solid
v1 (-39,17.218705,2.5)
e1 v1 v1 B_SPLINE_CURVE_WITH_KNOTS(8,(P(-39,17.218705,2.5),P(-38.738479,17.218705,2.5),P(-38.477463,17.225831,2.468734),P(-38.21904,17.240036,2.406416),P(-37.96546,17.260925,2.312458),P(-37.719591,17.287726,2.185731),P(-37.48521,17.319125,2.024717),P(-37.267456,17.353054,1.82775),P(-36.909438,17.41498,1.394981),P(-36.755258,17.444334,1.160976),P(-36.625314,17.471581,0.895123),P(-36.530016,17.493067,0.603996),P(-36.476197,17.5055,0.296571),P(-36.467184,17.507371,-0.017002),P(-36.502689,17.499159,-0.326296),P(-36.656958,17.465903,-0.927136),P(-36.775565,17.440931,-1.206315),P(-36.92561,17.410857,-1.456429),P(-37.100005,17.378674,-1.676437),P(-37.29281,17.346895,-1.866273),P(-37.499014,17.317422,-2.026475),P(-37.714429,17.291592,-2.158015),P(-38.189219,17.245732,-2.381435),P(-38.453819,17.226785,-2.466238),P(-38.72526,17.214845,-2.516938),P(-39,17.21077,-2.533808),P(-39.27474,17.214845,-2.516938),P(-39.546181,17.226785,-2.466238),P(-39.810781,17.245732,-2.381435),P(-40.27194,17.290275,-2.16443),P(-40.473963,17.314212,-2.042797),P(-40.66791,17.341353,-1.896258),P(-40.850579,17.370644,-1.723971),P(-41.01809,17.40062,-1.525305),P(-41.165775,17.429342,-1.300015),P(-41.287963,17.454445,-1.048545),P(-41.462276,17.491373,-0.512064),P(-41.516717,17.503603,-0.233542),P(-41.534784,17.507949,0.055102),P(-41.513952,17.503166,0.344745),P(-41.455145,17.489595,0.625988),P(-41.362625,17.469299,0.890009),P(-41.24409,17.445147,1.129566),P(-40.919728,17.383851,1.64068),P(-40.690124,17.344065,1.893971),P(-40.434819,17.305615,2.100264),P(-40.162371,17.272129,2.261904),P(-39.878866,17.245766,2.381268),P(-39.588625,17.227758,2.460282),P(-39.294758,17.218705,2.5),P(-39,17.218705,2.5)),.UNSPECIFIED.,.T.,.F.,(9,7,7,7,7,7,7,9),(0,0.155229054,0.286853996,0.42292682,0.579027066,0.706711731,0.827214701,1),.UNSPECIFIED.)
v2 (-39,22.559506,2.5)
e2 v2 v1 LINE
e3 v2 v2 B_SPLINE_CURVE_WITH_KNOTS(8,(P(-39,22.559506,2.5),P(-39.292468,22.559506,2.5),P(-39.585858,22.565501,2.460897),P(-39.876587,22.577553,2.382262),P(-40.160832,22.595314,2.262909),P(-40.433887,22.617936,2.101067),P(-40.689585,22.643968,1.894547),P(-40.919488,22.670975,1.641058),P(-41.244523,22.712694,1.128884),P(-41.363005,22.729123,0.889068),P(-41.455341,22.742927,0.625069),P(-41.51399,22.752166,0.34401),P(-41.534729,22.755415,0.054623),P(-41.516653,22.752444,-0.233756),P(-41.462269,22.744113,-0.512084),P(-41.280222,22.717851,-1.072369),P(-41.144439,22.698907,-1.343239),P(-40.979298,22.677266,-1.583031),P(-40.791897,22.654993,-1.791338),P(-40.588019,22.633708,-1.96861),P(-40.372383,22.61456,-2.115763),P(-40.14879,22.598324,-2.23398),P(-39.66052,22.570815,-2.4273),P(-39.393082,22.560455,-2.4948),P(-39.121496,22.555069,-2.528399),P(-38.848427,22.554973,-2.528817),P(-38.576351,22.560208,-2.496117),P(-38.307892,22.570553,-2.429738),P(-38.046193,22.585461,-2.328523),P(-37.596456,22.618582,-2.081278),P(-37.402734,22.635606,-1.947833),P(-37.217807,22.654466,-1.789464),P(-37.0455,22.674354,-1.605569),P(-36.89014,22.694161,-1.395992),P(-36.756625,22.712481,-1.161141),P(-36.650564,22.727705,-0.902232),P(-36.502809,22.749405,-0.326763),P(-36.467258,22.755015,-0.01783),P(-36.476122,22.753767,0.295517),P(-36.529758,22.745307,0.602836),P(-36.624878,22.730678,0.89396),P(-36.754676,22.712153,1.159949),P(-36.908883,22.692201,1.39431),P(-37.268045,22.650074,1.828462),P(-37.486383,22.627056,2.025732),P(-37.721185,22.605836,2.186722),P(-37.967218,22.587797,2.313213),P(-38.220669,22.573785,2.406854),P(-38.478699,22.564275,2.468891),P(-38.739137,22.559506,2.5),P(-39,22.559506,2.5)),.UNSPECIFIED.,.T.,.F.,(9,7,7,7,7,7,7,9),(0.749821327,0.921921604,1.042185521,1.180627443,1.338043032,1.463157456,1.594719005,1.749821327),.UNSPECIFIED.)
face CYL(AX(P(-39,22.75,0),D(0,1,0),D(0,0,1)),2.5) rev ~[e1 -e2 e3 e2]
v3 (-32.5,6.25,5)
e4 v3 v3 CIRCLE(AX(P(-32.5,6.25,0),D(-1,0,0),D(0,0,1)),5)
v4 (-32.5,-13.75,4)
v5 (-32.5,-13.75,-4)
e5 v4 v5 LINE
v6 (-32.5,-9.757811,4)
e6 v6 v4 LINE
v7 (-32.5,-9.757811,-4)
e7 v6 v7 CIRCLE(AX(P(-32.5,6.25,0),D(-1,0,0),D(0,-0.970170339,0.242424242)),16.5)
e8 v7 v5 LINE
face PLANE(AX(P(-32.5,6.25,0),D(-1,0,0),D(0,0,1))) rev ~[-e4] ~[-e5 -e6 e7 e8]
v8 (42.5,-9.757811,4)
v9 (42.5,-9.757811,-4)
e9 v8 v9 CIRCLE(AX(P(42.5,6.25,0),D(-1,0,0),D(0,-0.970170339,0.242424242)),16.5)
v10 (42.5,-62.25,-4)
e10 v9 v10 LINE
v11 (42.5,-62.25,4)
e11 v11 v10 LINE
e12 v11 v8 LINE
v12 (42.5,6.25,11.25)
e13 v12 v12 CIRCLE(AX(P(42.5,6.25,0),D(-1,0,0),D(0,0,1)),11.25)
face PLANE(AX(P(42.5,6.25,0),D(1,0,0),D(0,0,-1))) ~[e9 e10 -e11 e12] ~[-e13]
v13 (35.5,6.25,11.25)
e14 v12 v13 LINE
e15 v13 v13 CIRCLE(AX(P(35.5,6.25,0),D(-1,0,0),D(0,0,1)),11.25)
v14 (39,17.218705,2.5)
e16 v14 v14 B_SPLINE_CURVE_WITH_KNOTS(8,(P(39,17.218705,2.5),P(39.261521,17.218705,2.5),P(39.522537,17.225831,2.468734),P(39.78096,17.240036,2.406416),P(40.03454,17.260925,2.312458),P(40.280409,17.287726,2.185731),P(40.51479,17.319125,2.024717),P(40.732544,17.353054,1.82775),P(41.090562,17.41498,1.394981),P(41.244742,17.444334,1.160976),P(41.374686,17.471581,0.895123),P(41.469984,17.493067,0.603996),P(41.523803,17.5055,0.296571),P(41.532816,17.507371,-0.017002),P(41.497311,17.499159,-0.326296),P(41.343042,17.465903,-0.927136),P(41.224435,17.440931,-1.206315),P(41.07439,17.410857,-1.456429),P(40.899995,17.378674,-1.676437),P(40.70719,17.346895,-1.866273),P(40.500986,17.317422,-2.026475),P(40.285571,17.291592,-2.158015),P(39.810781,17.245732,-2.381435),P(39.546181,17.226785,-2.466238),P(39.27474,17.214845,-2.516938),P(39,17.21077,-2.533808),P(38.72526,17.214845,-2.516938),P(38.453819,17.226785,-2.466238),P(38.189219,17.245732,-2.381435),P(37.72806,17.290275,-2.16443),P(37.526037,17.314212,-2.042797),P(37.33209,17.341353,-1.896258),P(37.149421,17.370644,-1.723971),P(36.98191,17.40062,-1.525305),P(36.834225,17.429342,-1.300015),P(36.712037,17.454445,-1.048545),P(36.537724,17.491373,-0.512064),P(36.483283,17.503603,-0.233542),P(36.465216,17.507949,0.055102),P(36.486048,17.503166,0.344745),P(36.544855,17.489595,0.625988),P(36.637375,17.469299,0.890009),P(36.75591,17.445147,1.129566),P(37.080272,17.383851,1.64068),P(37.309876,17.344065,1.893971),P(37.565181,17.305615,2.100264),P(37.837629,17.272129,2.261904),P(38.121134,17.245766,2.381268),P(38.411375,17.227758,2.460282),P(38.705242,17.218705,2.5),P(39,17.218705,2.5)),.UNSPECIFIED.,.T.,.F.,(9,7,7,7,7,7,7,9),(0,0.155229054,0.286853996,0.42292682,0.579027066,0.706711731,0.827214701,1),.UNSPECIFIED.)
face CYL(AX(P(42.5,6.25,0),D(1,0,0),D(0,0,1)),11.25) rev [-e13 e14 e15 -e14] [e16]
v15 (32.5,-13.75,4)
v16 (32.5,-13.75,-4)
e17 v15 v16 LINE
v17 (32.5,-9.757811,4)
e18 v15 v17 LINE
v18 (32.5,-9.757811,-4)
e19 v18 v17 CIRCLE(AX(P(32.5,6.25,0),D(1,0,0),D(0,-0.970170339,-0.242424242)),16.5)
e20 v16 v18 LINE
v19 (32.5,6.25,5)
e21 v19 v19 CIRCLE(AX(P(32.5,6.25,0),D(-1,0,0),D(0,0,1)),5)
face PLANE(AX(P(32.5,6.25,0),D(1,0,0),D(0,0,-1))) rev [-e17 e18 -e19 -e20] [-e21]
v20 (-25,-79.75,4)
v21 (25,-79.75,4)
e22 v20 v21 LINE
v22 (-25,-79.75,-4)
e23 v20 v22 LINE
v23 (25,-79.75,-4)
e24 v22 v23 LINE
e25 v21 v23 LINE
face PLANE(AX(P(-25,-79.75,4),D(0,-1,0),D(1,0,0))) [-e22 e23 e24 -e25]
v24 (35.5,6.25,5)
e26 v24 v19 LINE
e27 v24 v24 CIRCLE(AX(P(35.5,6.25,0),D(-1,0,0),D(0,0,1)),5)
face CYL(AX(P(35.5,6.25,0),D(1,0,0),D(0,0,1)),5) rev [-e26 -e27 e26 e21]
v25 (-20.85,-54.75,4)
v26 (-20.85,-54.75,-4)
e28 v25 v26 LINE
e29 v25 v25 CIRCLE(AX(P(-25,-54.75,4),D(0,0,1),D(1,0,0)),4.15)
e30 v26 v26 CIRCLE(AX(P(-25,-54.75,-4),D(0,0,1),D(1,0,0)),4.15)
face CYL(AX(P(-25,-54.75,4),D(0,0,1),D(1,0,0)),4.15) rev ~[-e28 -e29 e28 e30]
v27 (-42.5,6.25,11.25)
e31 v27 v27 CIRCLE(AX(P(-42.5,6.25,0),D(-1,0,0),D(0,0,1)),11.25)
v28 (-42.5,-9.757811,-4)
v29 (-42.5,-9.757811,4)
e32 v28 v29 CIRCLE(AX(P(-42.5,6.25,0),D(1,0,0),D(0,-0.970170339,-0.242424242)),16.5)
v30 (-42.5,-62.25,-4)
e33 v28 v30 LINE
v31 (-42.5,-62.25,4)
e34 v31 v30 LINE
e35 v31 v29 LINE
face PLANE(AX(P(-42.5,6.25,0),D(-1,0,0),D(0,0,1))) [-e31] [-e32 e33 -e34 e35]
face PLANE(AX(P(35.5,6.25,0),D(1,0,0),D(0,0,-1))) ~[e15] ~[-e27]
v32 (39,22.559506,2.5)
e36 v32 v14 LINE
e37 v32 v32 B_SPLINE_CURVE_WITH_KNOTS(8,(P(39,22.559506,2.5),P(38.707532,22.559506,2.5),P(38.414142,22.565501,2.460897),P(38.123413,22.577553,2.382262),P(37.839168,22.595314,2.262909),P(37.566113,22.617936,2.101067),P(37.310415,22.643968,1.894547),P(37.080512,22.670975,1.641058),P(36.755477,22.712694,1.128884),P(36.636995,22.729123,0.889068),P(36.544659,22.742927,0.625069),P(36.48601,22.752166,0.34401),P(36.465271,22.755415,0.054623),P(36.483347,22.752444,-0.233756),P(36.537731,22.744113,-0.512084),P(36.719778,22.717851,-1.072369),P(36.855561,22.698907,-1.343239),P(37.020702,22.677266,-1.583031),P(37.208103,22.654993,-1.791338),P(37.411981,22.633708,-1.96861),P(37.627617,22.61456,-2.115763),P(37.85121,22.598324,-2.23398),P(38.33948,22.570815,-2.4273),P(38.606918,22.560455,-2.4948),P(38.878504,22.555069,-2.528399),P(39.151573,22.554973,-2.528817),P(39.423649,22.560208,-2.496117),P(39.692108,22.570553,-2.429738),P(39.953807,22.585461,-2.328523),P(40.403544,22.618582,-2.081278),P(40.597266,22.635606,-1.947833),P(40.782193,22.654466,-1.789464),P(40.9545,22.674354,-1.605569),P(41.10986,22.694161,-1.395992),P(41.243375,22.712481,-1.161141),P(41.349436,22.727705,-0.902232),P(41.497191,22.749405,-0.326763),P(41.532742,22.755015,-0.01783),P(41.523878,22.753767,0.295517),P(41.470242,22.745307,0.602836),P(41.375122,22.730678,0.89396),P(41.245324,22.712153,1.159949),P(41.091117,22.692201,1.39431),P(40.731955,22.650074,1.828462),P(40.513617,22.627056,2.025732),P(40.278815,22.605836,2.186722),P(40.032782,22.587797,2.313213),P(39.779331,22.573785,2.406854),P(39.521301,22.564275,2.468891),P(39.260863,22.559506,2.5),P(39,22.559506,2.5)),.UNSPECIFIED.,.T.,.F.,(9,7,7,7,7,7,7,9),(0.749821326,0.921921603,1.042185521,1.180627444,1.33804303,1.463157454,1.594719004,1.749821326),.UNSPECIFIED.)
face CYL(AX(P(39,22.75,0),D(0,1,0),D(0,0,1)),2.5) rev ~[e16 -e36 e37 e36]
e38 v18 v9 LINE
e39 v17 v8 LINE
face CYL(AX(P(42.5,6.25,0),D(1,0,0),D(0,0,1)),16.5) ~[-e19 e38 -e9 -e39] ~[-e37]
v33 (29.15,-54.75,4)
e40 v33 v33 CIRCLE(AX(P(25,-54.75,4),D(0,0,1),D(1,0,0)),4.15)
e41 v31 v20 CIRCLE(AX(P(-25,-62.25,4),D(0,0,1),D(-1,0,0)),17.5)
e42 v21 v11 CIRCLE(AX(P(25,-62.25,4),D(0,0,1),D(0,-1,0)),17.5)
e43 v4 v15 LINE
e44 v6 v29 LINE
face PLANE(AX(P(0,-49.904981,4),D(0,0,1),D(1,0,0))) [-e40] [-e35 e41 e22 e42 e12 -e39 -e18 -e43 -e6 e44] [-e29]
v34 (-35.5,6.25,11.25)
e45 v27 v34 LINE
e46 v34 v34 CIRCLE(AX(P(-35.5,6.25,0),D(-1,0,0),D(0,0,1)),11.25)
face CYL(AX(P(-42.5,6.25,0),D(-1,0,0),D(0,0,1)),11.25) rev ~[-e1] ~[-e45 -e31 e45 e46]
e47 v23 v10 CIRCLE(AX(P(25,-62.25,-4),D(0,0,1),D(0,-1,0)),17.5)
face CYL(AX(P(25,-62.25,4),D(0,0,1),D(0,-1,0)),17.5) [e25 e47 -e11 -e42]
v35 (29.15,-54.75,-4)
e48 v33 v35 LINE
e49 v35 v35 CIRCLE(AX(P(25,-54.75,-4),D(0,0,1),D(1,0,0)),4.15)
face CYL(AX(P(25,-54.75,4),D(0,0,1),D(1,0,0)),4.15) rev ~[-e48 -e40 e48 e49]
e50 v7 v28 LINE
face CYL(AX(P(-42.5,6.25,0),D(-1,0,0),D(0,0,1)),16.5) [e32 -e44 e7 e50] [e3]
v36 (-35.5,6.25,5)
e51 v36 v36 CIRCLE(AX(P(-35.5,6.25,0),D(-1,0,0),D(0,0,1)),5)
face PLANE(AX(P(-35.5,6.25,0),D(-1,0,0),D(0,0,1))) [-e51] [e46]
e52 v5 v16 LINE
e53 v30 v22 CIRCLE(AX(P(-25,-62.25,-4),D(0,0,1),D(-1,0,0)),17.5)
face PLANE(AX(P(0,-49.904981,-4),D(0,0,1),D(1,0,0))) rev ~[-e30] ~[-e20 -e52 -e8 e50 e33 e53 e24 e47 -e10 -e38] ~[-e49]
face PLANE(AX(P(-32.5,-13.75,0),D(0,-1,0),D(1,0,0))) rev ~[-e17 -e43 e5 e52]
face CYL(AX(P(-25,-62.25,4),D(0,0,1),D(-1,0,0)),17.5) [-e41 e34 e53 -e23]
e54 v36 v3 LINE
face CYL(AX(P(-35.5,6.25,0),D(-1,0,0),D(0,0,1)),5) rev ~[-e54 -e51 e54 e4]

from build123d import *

# Parameters (mm, degrees)
BOSS_EXTRUDE1_DEPTH = 4
SKETCH7_R           = 4.15
BOSS_EXTRUDE3_DEPTH = 8
SKETCH8_R           = 16.5
BOSS_EXTRUDE4_DEPTH = 10
SKETCH9_R           = 11.25
CUT_EXTRUDE1_DEPTH  = 7
SKETCH10_R          = 5
CUT_EXTRUDE2_DEPTH  = 3
SKETCH11_R          = 2.5
CUT_EXTRUDE3_DEPTH  = 10


with BuildPart() as part:
    # Sketch2 → Boss-Extrude1 (new, symmetric)
    with BuildSketch(Plane.XY):
        Polygon((-42.5, 13.75), (-32.5, 13.75), (-32.5, -13.75), (32.5, -13.75), (32.5, 13.75), (42.5, 13.75), (42.5, -23.75), (-42.5, -23.75), align=None)
    extrude(amount=BOSS_EXTRUDE1_DEPTH, both=True)

    # Sketch7 → Boss-Extrude3 (add)
    with BuildSketch(Plane.XY.offset(4)):
        with BuildLine():
            Line((-42.5, -23.75), (-42.5, -62.25))
            ThreePointArc((-42.5, -62.25), (-37.374368671, -74.624368671), (-25, -79.75))
            Line((-25, -79.75), (25, -79.75))
            ThreePointArc((25, -79.75), (37.374368671, -74.624368671), (42.5, -62.25))
            Line((42.5, -62.25), (42.5, -23.75))
            Line((42.5, -23.75), (-42.5, -23.75))
        make_face()
        with Locations((-25, -54.75)):
            Circle(SKETCH7_R, mode=Mode.SUBTRACT)
        with Locations((25, -54.75)):
            Circle(SKETCH7_R, mode=Mode.SUBTRACT)
    extrude(amount=-BOSS_EXTRUDE3_DEPTH)

    # Sketch8 → Boss-Extrude4 (add)
    with BuildSketch(Plane.ZY.offset(42.5)):
        with Locations((0, 6.25)):
            Circle(SKETCH8_R)
    boss_extrude4 = extrude(amount=-BOSS_EXTRUDE4_DEPTH)

    # Sketch9 → Cut-Extrude1 (cut)
    with BuildSketch(Plane.ZY.offset(42.5)):
        with Locations((0, 6.25)):
            Circle(SKETCH9_R)
    cut_extrude1 = extrude(amount=-CUT_EXTRUDE1_DEPTH, mode=Mode.SUBTRACT)

    # Sketch10 → Cut-Extrude2 (cut)
    with BuildSketch(Plane.ZY.offset(35.5)):
        with Locations((0, 6.25)):
            Circle(SKETCH10_R)
    cut_extrude2 = extrude(amount=-CUT_EXTRUDE2_DEPTH, mode=Mode.SUBTRACT)

    # Mirror1: Boss-Extrude4, Cut-Extrude1, Cut-Extrude2 across plane
    add(boss_extrude4.mirror(Plane(origin=(0, 0, 0), x_dir=(0, 0, 1), z_dir=(1, 0, 0))))
    add(cut_extrude1.mirror(Plane(origin=(0, 0, 0), x_dir=(0, 0, 1), z_dir=(1, 0, 0))), mode=Mode.SUBTRACT)
    add(cut_extrude2.mirror(Plane(origin=(0, 0, 0), x_dir=(0, 0, 1), z_dir=(1, 0, 0))), mode=Mode.SUBTRACT)

    # Sketch11 → Cut-Extrude3 (cut)
    with BuildSketch(Plane(origin=(0, 22.75, 0), x_dir=(1, 0, 0), z_dir=(0, 1, 0))):
        with Locations(Location((-39, 0, 0), (0, 0, 270))):
            Circle(SKETCH11_R)
        with Locations(Location((39, 0, 0), (0, 0, 270))):
            Circle(SKETCH11_R)
    extrude(amount=-CUT_EXTRUDE3_DEPTH, mode=Mode.SUBTRACT)


solid = part.part
